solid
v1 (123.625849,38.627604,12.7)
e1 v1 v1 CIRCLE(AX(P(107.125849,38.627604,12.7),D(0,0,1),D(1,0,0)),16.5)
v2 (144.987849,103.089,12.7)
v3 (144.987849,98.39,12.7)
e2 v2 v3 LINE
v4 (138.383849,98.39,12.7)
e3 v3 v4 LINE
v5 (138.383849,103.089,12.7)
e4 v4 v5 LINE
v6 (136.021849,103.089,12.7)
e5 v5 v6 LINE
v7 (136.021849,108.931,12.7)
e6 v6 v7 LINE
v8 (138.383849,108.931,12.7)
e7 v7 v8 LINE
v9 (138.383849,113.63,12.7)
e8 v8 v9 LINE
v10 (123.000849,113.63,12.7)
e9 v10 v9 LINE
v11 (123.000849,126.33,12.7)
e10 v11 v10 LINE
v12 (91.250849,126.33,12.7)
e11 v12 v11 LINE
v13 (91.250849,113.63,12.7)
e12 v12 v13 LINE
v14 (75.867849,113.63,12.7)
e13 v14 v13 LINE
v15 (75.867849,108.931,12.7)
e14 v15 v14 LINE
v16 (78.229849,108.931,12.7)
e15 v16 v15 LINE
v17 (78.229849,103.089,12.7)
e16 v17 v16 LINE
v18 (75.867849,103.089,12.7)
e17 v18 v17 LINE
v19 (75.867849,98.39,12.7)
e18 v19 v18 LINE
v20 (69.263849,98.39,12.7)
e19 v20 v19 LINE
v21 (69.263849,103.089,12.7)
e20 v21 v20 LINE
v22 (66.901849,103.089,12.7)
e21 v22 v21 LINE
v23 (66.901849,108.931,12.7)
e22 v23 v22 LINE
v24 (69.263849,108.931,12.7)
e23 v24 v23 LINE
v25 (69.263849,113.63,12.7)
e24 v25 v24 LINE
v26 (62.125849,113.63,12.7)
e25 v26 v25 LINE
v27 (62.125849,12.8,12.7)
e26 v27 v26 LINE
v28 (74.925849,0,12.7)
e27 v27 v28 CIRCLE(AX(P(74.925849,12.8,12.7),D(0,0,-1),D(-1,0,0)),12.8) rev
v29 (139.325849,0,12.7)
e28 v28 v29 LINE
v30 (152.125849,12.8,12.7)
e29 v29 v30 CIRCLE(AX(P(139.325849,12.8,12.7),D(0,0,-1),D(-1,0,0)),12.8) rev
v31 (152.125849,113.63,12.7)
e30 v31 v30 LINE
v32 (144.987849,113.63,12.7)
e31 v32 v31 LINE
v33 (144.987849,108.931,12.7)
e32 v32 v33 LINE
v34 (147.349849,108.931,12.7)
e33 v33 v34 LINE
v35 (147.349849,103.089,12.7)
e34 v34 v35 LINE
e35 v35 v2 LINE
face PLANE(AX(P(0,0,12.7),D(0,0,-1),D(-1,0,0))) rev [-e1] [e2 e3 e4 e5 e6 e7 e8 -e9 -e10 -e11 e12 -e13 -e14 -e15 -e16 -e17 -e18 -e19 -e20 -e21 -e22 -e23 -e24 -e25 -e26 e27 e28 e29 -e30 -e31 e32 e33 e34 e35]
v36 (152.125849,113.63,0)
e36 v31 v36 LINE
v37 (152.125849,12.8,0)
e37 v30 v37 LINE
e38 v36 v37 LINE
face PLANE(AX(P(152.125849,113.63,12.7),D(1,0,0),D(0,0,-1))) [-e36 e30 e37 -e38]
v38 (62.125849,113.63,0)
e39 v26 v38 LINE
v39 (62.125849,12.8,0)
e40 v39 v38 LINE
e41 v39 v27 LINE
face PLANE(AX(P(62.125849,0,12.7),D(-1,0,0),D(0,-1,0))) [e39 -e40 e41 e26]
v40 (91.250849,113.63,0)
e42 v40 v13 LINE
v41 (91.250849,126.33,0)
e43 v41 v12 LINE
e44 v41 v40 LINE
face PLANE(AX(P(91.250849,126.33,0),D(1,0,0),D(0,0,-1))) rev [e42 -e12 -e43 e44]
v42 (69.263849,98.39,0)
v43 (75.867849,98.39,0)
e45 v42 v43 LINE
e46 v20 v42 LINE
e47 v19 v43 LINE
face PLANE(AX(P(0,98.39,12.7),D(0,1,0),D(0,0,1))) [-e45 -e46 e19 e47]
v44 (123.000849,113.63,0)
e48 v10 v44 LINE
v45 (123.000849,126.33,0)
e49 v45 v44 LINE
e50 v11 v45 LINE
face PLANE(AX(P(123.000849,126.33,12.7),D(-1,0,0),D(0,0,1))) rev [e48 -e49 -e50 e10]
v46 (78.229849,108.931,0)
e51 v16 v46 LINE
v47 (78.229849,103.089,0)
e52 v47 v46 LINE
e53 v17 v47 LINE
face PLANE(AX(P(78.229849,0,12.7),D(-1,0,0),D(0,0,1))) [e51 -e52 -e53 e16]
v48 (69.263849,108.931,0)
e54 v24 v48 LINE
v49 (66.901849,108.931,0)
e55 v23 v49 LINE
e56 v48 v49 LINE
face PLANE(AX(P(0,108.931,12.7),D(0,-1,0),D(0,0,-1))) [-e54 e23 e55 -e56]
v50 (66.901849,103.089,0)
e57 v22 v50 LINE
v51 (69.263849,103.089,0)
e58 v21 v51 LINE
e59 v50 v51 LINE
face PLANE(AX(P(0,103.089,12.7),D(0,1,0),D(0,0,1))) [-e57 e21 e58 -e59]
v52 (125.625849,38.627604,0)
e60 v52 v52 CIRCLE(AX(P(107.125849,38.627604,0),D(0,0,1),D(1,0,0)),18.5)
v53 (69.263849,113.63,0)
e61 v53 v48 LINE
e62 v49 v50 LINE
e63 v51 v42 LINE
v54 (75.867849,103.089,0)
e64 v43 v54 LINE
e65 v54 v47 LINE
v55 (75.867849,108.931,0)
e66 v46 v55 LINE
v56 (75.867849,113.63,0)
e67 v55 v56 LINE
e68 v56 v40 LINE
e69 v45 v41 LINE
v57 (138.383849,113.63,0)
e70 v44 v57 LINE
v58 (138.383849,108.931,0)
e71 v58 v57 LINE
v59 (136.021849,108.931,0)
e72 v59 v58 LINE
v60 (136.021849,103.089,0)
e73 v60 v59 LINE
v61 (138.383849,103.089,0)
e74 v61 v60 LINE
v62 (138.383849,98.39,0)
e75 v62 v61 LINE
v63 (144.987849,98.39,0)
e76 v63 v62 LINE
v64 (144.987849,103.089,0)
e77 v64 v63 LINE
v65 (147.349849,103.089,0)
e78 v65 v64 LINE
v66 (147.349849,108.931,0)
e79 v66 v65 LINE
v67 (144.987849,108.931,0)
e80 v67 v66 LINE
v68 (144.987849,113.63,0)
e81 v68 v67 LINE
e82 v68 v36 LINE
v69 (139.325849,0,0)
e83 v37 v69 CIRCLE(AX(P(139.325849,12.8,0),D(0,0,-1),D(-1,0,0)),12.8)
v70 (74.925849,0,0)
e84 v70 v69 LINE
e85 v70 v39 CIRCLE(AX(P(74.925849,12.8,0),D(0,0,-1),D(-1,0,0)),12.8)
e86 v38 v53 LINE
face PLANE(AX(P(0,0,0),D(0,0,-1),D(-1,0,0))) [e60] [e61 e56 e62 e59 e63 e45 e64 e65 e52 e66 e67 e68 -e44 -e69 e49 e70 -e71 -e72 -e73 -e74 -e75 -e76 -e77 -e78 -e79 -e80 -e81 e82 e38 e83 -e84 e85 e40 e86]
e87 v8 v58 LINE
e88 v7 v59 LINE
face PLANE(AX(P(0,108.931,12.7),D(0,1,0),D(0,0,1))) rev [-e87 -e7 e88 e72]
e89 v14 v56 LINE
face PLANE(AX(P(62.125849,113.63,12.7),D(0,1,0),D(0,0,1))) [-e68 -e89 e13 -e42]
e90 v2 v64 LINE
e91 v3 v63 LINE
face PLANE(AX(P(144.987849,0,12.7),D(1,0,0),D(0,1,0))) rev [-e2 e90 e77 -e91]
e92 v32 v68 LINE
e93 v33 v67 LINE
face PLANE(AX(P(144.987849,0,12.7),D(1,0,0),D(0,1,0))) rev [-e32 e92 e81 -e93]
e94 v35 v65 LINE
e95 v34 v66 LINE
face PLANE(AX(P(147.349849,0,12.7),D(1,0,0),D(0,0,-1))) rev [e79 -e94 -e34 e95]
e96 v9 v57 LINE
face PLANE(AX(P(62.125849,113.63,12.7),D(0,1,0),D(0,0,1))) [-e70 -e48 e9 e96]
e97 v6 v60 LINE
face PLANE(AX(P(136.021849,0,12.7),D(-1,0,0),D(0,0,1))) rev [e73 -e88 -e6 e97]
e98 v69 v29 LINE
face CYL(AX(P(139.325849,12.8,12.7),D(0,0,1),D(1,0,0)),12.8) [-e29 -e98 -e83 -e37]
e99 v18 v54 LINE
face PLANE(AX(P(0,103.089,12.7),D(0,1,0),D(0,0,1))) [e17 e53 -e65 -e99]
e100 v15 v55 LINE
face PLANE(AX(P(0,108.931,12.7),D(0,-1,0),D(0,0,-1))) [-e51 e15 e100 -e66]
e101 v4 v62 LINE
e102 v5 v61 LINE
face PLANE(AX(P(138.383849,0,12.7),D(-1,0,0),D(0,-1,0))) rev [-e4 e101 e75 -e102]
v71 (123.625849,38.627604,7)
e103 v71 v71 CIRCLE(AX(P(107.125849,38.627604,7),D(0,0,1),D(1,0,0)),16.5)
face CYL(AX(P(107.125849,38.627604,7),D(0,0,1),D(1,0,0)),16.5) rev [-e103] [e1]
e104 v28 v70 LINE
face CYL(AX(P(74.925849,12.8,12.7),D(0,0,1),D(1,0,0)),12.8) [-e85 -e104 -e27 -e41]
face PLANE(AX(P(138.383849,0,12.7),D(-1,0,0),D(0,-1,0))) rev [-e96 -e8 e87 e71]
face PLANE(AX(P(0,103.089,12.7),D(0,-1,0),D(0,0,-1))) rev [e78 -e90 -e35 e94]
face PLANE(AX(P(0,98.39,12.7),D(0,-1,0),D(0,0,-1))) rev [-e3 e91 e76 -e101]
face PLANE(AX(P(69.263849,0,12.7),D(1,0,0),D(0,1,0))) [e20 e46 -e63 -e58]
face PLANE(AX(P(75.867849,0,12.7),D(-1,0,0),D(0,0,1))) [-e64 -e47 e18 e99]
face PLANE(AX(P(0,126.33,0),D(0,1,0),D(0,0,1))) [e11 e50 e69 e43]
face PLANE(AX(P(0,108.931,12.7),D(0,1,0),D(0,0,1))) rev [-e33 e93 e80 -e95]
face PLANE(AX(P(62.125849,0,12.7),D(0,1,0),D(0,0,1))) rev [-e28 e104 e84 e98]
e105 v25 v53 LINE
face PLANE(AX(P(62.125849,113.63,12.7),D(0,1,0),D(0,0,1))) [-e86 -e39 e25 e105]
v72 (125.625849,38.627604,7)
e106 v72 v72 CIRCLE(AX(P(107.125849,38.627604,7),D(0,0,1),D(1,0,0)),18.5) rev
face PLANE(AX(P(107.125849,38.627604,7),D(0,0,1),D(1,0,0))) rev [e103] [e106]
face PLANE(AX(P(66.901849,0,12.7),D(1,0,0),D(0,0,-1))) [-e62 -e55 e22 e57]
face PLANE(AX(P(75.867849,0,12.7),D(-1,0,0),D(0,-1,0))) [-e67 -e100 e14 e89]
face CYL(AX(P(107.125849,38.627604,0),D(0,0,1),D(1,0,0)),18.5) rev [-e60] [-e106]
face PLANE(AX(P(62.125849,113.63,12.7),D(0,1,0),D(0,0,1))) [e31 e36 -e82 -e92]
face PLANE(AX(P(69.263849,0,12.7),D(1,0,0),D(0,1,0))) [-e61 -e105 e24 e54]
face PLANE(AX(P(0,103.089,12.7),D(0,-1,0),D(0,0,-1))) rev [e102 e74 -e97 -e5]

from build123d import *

# Parameters (mm, degrees)
SKETCH12_W           = 90
SKETCH12_H           = 113.63
BOSS_EXTRUDE10_DEPTH = 12.7
SKETCH25_R           = 18.5
CUT_EXTRUDE1_DEPTH   = 191.303286742
SKETCH26_R           = 18.5
SKETCH26_R_2         = 16.5
BOSS_EXTRUDE15_DEPTH = 5.7
FILLET1_R            = 12.8
CUT_EXTRUDE2_DEPTH   = 191.303286742
BOSS_EXTRUDE16_DEPTH = 12.7


with BuildPart() as part:
    # Sketch12 → Boss-Extrude10 (new body)
    with BuildSketch(Plane.XY):
        with Locations((107.125849364, 56.815)):
            Rectangle(SKETCH12_W, SKETCH12_H)
    extrude(amount=BOSS_EXTRUDE10_DEPTH)

    # Sketch25 → Cut-Extrude1 (cut, through all)
    with BuildSketch(Plane.XY.offset(12.7)):
        with Locations((107.125849364, 38.627603634)):
            Circle(SKETCH25_R)
    extrude(amount=-CUT_EXTRUDE1_DEPTH, mode=Mode.SUBTRACT)

    # Sketch26 → Boss-Extrude15 (add)
    with BuildSketch(Plane.XY.offset(12.7)):
        with Locations((107.125849364, 38.627603634)):
            Circle(SKETCH26_R)
        with Locations((107.125849364, 38.627603634)):
            Circle(SKETCH26_R_2, mode=Mode.SUBTRACT)
    extrude(amount=-BOSS_EXTRUDE15_DEPTH)

    # Fillet1
    fillet1_edges = [part.edges().sort_by_distance(p)[0] for p in [
        (62.125849364, 0, 6.35),
        (152.125849364, 0, 6.35),
    ]]
    fillet(fillet1_edges, radius=FILLET1_R)

    # Sketch27 → Cut-Extrude2 (cut, through all)
    with BuildSketch(Plane(origin=(0, 0, 0), x_dir=(-1, 0, 0), z_dir=(0, 0, -1))):
        Polygon((-69.263849364, 108.931), (-69.263849364, 113.63), (-75.867849364, 113.63), (-75.867849364, 108.931), (-78.229849364, 108.931), (-78.229849364, 103.089), (-75.867849364, 103.089), (-75.867849364, 98.39), (-69.263849364, 98.39), (-69.263849364, 103.089), (-66.901849364, 103.089), (-66.901849364, 108.931), align=None)
        Polygon((-138.383849364, 108.931), (-138.383849364, 113.63), (-144.987849364, 113.63), (-144.987849364, 108.931), (-147.349849364, 108.931), (-147.349849364, 103.089), (-144.987849364, 103.089), (-144.987849364, 98.39), (-138.383849364, 98.39), (-138.383849364, 103.089), (-136.021849364, 103.089), (-136.021849364, 108.931), align=None)
    extrude(amount=-CUT_EXTRUDE2_DEPTH, mode=Mode.SUBTRACT)

    # Sketch28 → Boss-Extrude16 (add)
    with BuildSketch(Plane(origin=(0, 113.63, 0), x_dir=(1, 0, 0), z_dir=(0, 1, 0))):
        Polygon((107.125849364, 0), (91.250849364, 0), (91.250849364, -12.7), (123.000849364, -12.7), (123.000849364, 0), align=None)
    extrude(amount=BOSS_EXTRUDE16_DEPTH)


solid = part.part
